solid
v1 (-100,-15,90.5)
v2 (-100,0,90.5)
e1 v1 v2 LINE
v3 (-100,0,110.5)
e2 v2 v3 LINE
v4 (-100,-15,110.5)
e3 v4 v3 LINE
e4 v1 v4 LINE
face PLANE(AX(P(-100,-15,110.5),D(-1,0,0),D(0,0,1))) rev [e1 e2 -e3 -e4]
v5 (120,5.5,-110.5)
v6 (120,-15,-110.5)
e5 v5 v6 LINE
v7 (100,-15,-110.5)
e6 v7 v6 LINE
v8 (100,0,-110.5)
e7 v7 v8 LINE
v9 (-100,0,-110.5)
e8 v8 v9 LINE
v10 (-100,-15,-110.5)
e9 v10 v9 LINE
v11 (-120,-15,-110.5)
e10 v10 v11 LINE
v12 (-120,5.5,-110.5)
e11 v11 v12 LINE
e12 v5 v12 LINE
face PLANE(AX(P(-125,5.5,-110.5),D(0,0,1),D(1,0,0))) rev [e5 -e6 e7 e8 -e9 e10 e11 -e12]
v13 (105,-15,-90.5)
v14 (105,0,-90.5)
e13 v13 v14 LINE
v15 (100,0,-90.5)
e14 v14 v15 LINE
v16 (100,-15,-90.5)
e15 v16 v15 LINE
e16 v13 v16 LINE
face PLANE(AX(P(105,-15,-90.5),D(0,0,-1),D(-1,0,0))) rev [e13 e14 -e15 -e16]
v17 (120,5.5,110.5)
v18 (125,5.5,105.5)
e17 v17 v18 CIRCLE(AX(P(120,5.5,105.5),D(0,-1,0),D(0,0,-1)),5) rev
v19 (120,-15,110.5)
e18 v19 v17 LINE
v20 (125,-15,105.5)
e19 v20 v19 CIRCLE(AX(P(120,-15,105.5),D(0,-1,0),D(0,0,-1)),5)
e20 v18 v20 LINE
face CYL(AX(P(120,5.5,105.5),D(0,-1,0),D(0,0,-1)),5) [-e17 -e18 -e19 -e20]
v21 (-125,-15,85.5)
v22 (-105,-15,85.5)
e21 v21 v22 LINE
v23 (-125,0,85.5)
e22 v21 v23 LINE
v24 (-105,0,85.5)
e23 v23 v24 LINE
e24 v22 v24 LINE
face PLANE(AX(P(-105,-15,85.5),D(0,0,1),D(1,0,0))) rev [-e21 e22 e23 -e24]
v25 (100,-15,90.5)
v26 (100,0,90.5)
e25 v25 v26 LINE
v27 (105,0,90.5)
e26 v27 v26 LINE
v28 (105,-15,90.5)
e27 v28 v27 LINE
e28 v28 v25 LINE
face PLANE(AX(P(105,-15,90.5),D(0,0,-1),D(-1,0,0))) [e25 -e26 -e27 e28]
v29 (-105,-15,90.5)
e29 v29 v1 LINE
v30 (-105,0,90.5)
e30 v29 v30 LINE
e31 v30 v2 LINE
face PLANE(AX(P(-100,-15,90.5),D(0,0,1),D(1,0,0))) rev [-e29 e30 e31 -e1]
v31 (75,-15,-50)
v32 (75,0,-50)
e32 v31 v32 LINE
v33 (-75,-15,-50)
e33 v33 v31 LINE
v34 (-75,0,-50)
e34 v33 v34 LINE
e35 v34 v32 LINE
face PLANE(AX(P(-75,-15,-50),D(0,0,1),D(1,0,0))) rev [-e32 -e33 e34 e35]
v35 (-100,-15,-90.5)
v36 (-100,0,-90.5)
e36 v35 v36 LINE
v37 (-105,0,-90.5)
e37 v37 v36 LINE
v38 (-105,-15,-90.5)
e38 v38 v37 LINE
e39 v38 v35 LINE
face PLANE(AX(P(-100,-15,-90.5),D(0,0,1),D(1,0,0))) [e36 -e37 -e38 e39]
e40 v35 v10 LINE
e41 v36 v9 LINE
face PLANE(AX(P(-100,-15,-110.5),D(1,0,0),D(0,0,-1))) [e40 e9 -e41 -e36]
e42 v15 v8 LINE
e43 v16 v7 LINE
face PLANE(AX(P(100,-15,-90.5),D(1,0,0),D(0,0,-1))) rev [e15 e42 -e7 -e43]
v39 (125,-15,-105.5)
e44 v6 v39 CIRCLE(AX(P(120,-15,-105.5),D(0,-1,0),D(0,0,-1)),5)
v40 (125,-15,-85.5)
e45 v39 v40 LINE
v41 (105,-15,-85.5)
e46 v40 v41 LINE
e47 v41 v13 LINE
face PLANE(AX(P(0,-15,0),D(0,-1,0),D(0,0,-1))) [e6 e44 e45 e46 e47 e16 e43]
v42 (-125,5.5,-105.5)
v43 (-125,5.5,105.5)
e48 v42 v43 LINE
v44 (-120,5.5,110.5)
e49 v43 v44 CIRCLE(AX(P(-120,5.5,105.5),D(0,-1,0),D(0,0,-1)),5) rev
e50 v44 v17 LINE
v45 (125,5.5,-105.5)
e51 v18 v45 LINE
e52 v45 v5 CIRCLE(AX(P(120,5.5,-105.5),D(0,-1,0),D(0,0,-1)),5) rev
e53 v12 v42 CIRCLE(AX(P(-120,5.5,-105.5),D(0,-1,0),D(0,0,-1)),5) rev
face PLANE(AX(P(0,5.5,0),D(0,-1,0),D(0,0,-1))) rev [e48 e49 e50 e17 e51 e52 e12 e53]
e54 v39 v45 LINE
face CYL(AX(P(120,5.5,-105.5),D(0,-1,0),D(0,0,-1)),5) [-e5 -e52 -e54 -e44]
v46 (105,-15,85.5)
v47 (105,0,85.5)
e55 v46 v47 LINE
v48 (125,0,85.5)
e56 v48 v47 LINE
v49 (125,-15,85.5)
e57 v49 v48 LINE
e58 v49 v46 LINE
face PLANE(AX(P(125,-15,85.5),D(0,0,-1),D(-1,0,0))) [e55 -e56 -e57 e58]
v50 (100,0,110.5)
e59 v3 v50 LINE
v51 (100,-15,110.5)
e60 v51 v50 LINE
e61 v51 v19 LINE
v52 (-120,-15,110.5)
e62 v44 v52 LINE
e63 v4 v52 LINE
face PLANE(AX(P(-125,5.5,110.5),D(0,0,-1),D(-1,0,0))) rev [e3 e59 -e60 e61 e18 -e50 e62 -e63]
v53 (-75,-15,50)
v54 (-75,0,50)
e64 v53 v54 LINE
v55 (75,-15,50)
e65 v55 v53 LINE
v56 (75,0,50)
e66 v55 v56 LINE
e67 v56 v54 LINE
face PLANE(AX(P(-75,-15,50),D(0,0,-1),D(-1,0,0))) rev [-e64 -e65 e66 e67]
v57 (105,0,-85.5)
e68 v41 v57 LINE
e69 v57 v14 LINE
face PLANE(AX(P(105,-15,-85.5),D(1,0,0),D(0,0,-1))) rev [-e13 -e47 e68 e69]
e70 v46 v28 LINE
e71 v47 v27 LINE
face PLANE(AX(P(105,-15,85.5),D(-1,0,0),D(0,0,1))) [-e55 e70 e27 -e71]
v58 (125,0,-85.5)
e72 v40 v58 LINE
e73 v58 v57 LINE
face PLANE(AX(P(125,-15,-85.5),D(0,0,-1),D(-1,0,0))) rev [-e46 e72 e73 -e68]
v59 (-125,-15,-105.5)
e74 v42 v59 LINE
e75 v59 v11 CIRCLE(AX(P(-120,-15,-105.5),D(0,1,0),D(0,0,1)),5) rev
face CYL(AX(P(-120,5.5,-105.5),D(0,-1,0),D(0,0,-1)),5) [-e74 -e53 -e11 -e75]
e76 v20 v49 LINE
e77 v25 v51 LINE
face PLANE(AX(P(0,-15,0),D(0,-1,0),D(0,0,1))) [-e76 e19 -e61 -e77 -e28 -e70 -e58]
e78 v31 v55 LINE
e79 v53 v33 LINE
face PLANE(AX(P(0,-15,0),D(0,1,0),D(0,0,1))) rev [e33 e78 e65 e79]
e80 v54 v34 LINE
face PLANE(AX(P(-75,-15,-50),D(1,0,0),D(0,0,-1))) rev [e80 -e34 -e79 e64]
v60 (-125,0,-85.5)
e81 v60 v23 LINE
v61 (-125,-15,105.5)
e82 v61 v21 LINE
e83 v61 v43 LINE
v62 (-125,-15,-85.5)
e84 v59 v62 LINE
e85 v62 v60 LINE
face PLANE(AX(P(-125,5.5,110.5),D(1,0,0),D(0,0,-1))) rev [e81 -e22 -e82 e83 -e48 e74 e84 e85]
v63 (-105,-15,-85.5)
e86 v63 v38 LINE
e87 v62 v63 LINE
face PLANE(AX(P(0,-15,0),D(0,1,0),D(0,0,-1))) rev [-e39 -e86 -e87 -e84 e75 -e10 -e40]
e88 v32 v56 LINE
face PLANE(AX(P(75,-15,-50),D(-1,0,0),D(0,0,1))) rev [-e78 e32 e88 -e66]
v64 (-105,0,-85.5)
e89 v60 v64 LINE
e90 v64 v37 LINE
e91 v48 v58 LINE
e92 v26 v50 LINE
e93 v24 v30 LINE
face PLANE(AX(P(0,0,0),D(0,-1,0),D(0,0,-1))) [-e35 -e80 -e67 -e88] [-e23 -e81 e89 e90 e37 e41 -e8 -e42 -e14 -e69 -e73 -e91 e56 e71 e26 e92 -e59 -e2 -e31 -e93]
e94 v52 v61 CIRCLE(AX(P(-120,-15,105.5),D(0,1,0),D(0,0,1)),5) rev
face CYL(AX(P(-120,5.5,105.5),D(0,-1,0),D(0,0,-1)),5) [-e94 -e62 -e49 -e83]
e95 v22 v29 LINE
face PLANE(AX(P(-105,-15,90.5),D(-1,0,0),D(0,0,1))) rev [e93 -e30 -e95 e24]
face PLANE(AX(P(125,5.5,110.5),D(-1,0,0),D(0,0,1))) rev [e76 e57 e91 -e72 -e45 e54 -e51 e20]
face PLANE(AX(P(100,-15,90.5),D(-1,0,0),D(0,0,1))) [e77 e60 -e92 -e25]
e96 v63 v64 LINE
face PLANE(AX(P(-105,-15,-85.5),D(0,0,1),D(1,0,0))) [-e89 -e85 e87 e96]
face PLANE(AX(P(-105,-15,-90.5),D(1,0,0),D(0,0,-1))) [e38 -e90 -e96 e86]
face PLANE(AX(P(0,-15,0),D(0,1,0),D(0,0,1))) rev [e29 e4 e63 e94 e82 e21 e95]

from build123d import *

# Parameters (mm, degrees)
CROQUIS1_W              = 250
CROQUIS1_H              = 221
SALIENTE_EXTRUIR1_DEPTH = 5.5
SALIENTE_EXTRUIR2_DEPTH = 15
CROQUIS3_W              = 150
CROQUIS3_H              = 100
SALIENTE_EXTRUIR3_DEPTH = 15
FILLET1_R               = 5


with BuildPart() as part:
    # Croquis1 → Saliente-Extruir1 (new body)
    with BuildSketch(Plane(origin=(0, 0, 0), x_dir=(1, 0, 0), z_dir=(0, 1, 0))):
        Rectangle(CROQUIS1_W, CROQUIS1_H)
    extrude(amount=SALIENTE_EXTRUIR1_DEPTH)

    # Croquis2 → Saliente-Extruir2 (add)
    with BuildSketch(Plane.XZ):
        Polygon((-125, 110.5), (-100, 110.5), (-100, 90.5), (-105, 90.5), (-105, 85.5), (-125, 85.5), align=None)
        Polygon((125, -110.5), (125, -85.5), (105, -85.5), (105, -90.5), (100, -90.5), (100, -110.5), align=None)
    saliente_extruir2 = extrude(amount=SALIENTE_EXTRUIR2_DEPTH)

    # Simetría1: Saliente-Extruir2 across plane
    add(saliente_extruir2.mirror(Plane.XY))

    # Croquis3 → Saliente-Extruir3 (add)
    with BuildSketch(Plane.XZ):
        Rectangle(CROQUIS3_W, CROQUIS3_H)
    extrude(amount=SALIENTE_EXTRUIR3_DEPTH)

    # Fillet1
    fillet1_edges = [part.edges().sort_by_distance(p)[0] for p in [
        (125, -4.75, 110.5),
        (-125, -4.75, 110.5),
        (-125, -4.75, -110.5),
        (125, -4.75, -110.5),
    ]]
    fillet(fillet1_edges, radius=FILLET1_R)


solid = part.part
